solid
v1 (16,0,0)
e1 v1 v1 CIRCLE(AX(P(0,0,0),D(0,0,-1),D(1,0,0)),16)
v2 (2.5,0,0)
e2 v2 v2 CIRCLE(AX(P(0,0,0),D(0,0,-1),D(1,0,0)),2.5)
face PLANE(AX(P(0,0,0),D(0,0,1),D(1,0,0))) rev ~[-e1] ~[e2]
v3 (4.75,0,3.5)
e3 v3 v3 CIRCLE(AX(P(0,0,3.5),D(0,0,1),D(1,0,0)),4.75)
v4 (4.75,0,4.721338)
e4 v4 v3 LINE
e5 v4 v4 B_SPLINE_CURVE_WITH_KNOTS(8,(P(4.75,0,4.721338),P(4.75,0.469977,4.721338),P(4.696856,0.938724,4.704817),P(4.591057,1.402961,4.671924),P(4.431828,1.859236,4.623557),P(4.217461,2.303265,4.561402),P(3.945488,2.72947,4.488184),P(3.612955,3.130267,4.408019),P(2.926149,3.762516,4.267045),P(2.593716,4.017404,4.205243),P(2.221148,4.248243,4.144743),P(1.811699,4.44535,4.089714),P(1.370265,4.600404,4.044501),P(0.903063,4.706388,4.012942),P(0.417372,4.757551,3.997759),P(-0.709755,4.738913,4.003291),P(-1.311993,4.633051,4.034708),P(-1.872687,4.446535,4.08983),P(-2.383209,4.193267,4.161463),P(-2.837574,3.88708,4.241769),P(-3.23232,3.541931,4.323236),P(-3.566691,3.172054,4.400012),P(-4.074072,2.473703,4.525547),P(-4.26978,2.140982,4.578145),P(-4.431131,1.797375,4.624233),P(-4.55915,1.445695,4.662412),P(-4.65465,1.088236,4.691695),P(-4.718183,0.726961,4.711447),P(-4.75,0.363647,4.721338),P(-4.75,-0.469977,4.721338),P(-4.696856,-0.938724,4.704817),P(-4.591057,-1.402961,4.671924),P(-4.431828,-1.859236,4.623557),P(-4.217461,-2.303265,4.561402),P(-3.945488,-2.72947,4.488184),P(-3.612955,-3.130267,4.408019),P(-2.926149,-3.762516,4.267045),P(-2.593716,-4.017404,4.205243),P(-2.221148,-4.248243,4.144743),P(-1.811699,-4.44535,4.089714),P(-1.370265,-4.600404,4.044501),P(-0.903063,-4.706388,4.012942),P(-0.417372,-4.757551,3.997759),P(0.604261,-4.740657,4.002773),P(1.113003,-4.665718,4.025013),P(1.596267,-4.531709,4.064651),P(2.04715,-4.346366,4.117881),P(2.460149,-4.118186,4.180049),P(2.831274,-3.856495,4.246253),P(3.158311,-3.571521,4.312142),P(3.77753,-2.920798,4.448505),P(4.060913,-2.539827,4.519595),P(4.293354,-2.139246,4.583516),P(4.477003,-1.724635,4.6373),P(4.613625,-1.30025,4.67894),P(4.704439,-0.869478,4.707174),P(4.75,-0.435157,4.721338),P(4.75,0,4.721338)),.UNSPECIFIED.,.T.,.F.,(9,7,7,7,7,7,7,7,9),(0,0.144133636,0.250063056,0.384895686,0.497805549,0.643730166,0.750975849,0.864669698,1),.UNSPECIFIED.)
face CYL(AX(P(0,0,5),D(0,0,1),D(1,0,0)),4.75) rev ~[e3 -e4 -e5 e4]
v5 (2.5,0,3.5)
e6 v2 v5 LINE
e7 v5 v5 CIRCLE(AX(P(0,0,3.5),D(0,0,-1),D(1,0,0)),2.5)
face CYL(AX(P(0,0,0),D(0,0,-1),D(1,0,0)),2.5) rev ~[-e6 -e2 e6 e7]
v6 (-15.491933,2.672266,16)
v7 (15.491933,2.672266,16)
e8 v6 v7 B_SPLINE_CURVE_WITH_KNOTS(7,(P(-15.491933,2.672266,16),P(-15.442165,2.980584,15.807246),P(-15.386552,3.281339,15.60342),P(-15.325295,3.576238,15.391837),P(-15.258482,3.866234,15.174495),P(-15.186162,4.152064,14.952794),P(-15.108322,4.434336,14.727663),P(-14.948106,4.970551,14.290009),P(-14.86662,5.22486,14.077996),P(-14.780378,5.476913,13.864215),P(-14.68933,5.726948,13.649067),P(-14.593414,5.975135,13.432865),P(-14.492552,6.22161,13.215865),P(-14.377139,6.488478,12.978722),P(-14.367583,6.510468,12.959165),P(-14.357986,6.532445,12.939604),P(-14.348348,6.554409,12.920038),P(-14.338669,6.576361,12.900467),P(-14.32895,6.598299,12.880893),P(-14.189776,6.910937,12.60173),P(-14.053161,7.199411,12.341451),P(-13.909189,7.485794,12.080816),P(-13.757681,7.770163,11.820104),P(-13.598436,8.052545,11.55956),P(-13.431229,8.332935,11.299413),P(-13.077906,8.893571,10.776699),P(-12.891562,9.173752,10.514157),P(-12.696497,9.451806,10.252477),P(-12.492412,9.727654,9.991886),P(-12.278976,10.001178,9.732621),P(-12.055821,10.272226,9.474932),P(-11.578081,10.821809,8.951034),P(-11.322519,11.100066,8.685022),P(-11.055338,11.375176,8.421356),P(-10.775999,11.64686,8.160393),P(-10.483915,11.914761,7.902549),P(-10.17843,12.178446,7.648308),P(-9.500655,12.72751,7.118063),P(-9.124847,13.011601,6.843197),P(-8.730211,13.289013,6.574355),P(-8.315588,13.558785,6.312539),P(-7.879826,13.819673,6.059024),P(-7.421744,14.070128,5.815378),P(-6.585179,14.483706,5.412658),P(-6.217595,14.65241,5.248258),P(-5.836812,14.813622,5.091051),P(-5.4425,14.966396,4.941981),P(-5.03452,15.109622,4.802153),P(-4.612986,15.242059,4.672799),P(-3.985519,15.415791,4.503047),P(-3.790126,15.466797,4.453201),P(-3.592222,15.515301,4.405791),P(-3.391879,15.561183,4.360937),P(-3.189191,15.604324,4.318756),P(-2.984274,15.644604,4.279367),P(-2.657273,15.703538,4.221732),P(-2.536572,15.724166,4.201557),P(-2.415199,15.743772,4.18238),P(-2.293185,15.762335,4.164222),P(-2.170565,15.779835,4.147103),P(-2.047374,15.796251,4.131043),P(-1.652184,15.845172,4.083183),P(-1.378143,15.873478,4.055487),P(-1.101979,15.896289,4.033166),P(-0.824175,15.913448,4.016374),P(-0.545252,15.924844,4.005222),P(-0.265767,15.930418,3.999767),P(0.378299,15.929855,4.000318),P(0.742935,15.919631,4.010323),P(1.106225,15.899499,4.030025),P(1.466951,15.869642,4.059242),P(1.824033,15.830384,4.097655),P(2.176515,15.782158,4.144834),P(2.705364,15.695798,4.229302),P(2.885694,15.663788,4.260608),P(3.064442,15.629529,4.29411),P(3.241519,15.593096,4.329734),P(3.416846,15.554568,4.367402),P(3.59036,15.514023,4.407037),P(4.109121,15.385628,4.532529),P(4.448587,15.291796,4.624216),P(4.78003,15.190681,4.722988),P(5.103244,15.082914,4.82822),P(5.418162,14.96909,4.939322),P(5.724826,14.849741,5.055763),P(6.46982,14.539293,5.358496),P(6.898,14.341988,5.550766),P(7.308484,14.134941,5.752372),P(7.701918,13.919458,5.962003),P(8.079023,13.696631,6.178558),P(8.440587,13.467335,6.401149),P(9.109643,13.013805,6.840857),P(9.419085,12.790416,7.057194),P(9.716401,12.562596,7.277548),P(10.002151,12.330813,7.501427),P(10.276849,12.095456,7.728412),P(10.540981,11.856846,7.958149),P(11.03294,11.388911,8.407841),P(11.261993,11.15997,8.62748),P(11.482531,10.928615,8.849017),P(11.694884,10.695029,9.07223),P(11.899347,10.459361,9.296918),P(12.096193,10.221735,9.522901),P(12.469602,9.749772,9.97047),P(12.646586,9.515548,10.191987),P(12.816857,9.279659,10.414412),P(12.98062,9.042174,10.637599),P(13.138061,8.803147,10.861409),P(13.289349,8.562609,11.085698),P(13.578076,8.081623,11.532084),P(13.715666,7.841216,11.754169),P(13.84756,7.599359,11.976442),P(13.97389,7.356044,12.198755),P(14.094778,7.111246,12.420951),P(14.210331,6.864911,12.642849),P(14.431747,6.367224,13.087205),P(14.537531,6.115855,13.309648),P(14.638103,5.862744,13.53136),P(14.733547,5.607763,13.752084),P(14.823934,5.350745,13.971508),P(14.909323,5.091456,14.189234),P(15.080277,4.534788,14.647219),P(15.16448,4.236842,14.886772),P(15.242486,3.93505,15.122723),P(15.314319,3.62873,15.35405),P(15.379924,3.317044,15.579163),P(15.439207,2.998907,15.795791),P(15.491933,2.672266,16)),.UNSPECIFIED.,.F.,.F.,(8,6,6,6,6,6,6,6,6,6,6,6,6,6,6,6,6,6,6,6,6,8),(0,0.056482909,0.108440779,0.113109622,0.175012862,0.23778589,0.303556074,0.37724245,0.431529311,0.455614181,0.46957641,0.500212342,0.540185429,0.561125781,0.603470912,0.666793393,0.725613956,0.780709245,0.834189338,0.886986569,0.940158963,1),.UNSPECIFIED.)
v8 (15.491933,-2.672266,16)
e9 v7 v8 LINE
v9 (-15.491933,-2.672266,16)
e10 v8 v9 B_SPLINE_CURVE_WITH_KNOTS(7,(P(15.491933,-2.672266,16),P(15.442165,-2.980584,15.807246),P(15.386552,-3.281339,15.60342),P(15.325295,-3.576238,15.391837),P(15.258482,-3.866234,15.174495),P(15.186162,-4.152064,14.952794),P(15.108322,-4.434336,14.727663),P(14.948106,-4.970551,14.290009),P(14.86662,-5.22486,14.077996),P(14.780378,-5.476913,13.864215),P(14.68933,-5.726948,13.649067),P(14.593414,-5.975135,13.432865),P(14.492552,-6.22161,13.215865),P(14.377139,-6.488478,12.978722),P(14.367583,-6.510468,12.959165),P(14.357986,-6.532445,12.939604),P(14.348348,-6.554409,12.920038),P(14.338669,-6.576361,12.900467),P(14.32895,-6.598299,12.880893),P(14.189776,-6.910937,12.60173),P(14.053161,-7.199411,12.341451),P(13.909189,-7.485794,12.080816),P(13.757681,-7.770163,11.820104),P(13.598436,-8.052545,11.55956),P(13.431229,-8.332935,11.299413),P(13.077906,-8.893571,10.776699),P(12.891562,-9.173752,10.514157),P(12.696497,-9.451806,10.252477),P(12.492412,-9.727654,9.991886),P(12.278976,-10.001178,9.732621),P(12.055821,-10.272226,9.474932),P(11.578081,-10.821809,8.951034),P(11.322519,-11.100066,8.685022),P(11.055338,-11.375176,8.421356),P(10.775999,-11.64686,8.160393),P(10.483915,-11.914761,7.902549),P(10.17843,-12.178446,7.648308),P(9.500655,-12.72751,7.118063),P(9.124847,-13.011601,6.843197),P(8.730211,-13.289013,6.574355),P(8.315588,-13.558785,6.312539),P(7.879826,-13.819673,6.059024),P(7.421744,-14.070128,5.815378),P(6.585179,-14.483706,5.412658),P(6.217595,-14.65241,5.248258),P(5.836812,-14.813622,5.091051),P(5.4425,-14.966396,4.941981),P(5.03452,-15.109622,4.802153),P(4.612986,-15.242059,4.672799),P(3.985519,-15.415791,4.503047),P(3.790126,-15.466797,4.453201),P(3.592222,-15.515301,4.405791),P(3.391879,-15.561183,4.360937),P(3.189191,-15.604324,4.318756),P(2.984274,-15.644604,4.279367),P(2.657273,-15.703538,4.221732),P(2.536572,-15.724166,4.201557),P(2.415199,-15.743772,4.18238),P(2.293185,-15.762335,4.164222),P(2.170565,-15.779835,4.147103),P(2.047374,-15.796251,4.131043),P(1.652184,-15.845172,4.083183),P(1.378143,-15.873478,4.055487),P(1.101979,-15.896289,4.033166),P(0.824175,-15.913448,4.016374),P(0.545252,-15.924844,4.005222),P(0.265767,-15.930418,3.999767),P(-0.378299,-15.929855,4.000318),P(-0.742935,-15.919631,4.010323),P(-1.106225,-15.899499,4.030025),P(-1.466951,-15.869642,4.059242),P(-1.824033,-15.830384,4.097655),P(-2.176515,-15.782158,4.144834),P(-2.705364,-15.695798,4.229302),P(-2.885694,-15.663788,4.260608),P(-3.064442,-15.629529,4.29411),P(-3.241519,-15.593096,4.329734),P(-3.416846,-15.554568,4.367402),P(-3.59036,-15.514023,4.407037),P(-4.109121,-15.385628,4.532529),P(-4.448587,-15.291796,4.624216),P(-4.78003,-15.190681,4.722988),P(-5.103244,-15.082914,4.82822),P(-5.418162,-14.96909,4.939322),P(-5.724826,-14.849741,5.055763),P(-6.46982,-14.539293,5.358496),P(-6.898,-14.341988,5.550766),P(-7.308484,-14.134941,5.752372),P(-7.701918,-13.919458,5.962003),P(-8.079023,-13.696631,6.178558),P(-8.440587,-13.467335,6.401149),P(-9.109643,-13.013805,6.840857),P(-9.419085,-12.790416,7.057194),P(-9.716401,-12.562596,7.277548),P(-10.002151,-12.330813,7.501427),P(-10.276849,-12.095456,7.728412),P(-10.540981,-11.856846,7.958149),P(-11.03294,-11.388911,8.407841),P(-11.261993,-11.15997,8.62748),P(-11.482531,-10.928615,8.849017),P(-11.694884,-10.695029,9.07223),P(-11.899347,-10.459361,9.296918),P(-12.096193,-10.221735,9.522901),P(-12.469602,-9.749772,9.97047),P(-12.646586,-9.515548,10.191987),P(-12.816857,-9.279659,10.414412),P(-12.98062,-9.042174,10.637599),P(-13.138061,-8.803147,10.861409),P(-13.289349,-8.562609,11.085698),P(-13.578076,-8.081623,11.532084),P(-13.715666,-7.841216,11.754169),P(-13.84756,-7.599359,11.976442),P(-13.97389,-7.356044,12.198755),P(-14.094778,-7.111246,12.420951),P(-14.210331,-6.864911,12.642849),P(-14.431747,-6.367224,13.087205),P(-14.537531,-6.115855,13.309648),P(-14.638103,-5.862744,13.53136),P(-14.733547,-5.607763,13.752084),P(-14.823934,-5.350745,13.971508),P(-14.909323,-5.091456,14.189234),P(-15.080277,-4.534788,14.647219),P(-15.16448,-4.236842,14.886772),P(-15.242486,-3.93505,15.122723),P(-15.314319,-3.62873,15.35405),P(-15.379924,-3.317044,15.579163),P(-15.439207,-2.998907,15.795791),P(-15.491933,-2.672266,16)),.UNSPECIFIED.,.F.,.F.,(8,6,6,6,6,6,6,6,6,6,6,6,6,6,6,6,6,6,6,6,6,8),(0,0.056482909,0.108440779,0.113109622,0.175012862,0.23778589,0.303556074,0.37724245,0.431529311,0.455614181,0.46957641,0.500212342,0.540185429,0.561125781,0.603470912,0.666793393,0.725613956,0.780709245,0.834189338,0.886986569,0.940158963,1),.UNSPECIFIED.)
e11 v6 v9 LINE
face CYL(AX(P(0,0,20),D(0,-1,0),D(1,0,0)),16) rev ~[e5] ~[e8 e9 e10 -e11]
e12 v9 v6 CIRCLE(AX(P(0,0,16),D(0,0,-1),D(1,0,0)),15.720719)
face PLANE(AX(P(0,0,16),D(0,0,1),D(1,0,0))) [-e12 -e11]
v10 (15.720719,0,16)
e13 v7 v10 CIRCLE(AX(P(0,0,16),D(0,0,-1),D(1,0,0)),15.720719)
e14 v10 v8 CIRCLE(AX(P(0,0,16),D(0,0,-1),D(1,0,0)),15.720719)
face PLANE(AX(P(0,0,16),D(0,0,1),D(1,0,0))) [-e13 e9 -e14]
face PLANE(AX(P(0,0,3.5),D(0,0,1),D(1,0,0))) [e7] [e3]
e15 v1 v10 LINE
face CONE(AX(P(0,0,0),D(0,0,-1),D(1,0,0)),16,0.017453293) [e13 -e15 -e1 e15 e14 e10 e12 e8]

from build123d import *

# Parameters (mm, degrees)
F0_R     = 16
F1_DEPTH = 16
F1_TAPER = 1
F2_R     = 16
F3_DEPTH = 16
F4_R     = 2.5
F5_DEPTH = 5
F7_R     = 4.75
F8_DEPTH = 1.5


with BuildPart() as f1:
    # F0 (on Top) → F1 (new body)
    with BuildSketch(Plane.XY):
        Circle(F0_R)
    extrude(amount=F1_DEPTH, taper=F1_TAPER)

    # F2 (on Front) → F3 (cut, symmetric)
    with BuildSketch(Plane.XZ):
        with Locations((0, 20)):
            Circle(F2_R)
    extrude(amount=F3_DEPTH, both=True, mode=Mode.SUBTRACT)

    # F4 (on face) → F5 (cut)
    with BuildSketch(Plane(origin=(0, 0, 0), x_dir=(1, 0, 0), z_dir=(0, 0, -1))):
        Circle(F4_R)
    extrude(amount=-F5_DEPTH, mode=Mode.SUBTRACT)

    # F7 (on offset) → F8 (cut)
    with BuildSketch(Plane.XY.offset(5)):
        Circle(F7_R)
    extrude(amount=-F8_DEPTH, mode=Mode.SUBTRACT)


solid = f1.part
